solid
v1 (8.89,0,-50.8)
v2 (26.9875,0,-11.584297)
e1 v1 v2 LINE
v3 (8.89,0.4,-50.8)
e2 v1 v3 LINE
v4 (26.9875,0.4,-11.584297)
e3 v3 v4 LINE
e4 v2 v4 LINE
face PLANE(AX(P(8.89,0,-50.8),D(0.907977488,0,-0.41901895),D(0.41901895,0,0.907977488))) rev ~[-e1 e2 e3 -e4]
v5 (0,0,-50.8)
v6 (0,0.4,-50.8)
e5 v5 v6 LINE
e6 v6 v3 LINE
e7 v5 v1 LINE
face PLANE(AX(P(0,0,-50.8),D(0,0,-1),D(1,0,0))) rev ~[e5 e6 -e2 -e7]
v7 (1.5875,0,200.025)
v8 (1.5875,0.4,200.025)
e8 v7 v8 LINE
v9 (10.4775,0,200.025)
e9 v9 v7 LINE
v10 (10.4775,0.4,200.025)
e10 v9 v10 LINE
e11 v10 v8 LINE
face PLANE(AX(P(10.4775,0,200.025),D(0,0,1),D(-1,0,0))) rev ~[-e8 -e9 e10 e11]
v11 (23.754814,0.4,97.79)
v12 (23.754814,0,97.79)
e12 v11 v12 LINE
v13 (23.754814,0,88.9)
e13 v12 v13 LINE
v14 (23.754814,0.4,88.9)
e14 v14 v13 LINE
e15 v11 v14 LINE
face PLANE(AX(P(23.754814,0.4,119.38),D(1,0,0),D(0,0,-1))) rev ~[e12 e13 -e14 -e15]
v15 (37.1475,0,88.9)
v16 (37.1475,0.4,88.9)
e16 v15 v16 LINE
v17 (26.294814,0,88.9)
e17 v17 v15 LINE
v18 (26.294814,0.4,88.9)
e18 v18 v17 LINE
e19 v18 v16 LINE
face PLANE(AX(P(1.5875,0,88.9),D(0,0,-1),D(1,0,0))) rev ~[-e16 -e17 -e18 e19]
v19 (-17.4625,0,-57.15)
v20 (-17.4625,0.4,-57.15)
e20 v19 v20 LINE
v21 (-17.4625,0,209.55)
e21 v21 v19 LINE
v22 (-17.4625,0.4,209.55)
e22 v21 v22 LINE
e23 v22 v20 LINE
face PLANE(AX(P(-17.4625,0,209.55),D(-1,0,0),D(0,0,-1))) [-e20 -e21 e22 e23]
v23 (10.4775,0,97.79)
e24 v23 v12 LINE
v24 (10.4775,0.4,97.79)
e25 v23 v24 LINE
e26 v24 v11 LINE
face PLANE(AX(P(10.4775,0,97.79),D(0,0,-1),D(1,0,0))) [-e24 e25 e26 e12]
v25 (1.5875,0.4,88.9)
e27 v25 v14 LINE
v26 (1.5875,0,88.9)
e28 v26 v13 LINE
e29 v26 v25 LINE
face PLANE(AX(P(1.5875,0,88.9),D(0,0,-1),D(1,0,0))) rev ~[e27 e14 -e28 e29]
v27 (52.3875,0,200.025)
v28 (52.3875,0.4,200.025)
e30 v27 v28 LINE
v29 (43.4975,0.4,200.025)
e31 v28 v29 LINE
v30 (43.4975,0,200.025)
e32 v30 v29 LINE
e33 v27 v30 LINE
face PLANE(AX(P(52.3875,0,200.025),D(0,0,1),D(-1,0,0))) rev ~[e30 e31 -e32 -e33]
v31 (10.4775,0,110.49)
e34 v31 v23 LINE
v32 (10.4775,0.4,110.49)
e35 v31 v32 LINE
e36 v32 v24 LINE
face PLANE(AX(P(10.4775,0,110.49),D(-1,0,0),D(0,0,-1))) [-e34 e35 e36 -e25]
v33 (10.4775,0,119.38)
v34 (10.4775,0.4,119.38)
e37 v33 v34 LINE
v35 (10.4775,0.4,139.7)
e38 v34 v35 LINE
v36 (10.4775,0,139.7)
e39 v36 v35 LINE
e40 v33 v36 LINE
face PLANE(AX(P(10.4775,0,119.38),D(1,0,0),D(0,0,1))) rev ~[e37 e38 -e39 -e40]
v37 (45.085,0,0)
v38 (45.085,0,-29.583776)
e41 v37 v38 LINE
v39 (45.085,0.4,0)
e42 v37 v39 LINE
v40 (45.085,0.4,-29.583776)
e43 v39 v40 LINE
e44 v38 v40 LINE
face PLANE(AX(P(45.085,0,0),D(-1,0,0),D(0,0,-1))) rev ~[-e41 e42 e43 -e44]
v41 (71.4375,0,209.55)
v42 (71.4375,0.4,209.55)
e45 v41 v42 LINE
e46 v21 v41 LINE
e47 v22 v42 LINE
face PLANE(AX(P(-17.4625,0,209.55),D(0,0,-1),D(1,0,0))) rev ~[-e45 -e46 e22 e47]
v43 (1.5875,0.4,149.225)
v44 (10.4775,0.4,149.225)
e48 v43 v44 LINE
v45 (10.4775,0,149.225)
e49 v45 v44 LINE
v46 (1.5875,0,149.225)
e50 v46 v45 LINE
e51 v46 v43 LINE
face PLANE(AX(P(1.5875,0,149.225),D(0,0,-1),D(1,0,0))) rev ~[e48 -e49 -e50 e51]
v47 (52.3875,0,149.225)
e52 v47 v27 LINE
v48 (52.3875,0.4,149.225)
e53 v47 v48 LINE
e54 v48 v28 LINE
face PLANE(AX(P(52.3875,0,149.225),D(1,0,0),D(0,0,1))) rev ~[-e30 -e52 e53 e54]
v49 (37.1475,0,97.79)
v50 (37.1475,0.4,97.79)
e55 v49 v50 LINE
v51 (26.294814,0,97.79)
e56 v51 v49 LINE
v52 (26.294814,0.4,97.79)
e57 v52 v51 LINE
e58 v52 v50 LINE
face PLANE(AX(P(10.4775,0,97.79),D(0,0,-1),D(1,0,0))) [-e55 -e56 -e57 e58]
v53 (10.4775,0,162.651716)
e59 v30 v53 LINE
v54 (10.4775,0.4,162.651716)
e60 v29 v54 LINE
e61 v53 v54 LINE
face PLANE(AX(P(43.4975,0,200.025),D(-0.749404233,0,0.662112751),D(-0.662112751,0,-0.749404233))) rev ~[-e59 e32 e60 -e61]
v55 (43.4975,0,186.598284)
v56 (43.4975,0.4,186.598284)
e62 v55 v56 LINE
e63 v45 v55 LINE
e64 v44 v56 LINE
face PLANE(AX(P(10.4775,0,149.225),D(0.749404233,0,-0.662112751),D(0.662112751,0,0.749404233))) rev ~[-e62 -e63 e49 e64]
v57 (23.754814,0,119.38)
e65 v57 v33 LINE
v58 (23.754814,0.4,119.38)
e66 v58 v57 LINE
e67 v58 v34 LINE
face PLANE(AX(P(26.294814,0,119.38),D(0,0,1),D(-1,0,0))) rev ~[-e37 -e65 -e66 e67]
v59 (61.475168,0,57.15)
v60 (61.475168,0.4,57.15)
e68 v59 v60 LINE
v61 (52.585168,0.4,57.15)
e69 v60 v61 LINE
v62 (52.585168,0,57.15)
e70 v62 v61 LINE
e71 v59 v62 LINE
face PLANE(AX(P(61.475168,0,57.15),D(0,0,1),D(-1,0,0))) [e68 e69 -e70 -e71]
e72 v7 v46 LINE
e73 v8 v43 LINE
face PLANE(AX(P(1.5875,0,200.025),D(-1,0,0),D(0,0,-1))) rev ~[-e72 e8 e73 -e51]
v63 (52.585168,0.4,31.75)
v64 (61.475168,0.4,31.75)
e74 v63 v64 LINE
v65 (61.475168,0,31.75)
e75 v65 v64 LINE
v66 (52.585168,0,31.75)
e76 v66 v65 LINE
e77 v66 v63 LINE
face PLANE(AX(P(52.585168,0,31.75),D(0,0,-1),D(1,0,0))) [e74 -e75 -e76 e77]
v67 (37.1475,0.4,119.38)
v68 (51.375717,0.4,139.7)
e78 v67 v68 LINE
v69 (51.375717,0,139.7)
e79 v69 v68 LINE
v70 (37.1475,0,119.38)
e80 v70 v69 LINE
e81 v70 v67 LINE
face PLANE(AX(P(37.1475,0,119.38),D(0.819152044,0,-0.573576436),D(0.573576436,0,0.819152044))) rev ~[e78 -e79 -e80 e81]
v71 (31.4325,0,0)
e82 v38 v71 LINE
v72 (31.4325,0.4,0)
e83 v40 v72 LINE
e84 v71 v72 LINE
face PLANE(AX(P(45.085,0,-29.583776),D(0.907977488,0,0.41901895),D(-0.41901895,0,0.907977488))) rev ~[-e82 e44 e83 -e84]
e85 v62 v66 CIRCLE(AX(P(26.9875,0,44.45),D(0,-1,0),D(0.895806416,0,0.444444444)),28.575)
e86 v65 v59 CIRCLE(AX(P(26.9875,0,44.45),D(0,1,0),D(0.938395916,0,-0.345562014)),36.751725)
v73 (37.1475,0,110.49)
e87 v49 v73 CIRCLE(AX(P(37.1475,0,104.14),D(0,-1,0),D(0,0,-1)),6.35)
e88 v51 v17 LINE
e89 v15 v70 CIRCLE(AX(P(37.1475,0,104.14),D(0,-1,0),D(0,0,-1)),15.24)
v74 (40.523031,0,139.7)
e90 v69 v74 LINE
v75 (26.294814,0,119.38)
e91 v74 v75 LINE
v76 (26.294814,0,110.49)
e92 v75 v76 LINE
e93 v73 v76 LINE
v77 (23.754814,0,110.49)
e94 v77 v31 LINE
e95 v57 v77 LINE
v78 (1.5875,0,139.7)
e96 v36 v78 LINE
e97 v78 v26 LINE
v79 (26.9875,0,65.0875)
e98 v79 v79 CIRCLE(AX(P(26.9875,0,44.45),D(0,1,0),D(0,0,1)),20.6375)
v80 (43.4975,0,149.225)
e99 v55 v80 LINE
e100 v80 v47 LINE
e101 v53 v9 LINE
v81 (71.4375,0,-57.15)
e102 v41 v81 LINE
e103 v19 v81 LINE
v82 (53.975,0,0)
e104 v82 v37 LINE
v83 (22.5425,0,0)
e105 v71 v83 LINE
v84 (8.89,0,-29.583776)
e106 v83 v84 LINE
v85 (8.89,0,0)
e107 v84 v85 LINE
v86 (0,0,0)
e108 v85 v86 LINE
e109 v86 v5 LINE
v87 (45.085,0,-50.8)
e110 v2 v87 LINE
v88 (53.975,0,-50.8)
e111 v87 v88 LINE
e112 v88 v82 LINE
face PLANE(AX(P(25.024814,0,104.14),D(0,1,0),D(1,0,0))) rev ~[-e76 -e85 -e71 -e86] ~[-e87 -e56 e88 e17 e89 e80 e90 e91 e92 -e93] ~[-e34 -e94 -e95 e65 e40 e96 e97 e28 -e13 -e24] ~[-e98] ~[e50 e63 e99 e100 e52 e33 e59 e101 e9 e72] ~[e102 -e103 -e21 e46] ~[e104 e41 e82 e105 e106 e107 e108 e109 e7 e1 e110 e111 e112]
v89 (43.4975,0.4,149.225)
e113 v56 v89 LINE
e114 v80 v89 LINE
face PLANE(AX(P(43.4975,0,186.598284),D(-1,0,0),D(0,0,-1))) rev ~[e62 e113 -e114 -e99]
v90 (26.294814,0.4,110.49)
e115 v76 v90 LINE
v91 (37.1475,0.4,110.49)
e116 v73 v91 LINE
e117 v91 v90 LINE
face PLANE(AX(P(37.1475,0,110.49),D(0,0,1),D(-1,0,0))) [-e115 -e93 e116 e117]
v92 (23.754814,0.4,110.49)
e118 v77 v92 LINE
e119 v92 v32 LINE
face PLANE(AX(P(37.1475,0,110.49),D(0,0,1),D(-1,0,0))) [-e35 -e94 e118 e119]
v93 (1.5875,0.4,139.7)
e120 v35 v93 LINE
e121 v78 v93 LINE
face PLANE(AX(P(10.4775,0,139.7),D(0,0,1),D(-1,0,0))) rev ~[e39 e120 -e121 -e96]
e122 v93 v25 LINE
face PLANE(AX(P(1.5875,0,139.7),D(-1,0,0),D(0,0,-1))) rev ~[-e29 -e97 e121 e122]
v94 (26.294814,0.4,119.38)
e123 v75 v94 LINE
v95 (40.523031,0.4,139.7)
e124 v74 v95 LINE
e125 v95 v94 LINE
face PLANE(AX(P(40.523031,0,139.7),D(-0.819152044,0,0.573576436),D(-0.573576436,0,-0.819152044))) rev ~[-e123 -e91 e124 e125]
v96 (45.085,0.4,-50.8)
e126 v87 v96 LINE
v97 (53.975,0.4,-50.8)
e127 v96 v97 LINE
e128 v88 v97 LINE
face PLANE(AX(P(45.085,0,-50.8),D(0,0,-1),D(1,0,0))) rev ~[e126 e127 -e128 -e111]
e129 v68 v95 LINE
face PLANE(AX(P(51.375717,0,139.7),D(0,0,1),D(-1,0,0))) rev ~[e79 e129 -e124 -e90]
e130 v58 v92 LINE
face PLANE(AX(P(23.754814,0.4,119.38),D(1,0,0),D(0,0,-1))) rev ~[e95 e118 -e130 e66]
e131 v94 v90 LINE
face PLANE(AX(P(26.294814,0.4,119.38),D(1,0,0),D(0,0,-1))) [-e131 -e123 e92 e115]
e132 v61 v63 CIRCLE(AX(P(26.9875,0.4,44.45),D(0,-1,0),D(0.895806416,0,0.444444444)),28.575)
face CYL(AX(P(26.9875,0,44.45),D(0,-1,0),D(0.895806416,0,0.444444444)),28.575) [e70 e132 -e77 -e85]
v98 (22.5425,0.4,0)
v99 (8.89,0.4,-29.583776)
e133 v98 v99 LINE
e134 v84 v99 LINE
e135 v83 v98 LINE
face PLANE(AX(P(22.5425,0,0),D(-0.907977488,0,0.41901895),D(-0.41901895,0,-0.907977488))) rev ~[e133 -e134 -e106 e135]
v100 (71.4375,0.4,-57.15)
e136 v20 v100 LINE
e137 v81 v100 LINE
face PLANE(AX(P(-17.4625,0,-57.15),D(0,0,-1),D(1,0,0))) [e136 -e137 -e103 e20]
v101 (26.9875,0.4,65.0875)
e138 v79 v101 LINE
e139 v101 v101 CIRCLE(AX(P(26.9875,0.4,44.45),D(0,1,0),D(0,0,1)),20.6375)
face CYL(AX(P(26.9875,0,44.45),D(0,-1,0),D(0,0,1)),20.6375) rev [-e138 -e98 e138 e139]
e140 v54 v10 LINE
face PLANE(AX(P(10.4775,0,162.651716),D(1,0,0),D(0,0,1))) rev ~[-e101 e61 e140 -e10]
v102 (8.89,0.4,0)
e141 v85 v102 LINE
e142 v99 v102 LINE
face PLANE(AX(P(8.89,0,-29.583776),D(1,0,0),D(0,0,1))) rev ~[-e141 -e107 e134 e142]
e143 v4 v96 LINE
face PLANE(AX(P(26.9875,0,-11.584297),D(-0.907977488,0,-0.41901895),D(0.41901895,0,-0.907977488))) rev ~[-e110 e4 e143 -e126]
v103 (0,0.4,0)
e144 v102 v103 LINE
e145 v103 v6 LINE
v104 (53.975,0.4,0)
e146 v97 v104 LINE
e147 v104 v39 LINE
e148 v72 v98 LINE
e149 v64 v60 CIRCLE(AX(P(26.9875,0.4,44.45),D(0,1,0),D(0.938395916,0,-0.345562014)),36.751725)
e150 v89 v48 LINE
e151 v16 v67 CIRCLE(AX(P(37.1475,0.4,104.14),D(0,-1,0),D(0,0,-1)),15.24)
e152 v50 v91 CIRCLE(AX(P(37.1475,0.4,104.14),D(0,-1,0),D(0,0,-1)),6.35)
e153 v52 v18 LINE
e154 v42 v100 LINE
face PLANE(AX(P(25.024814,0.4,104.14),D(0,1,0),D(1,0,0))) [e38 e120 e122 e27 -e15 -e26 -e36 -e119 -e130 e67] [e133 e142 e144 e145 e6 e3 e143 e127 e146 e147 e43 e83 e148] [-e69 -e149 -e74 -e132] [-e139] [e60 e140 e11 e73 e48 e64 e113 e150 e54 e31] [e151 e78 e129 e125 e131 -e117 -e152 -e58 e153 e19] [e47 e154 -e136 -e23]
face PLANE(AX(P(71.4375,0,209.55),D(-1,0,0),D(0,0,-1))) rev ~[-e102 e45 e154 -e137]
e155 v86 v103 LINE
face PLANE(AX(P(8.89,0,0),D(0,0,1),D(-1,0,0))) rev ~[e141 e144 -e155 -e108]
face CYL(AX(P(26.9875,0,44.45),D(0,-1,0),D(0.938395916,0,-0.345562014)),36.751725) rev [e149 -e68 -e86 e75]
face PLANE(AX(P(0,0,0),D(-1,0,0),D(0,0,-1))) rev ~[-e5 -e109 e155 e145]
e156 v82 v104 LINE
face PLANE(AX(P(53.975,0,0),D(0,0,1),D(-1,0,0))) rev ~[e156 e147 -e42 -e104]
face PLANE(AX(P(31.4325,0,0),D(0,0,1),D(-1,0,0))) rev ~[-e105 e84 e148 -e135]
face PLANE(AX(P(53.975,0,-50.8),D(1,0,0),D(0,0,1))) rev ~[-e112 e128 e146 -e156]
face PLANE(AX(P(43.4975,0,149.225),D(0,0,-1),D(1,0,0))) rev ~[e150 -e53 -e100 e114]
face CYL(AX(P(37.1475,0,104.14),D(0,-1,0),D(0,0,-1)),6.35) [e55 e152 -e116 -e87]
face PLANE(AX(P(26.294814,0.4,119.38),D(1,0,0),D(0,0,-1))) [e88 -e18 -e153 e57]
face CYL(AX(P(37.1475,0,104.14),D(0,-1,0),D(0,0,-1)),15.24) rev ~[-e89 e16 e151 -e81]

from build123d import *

# Parameters (mm, degrees)
SKETCH1_W             = 88.9
SKETCH1_H             = 266.7
SKETCH1_R             = 20.6375
BOSS_EXTRUDE1_DEPTH   = 0.4
BOSS_EXTRUDE1_2_DEPTH = 0.4
SKETCH2_W             = 2.54
SKETCH2_H             = 30.48
BOSS_EXTRUDE2_DEPTH   = 0.4


with BuildPart() as part:
    # Sketch1 → Boss-Extrude1 (new body)
    with BuildSketch(Plane(origin=(0, 0, 0), x_dir=(1, 0, 0), z_dir=(0, 1, 0))):
        with Locations((26.9875, -76.2)):
            Rectangle(SKETCH1_W, SKETCH1_H)
        with Locations(Location((26.9875, -44.45, 0), (0, 0, 270))):
            Circle(SKETCH1_R, mode=Mode.SUBTRACT)
        Polygon((10.4775, -162.651716191), (10.4775, -200.025), (1.5875, -200.025), (1.5875, -149.225), (10.4775, -149.225), (43.4975, -186.598283809), (43.4975, -149.225), (52.3875, -149.225), (52.3875, -200.025), (43.4975, -200.025), align=None, mode=Mode.SUBTRACT)
        Polygon((31.4325, 0), (22.5425, 0), (8.89, 29.583775771), (8.89, 0), (0, 0), (0, 50.8), (8.89, 50.8), (26.9875, 11.584297234), (45.085, 50.8), (53.975, 50.8), (53.975, 0), (45.085, 0), (45.085, 29.583775771), align=None, mode=Mode.SUBTRACT)
        with BuildLine():
            ThreePointArc((61.475168351, -31.75), (-9.764224698, -44.45), (61.475168351, -57.15))
            Line((61.475168351, -57.15), (52.585168351, -57.15))
            ThreePointArc((52.585168351, -57.15), (-1.5875, -44.45), (52.585168351, -31.75))
            Line((52.585168351, -31.75), (61.475168351, -31.75))
        make_face(mode=Mode.SUBTRACT)
        with BuildLine():
            Line((1.5875, -88.9), (37.1475, -88.9))
            ThreePointArc((37.1475, -88.9), (52.3875, -104.14), (37.1475, -119.38))
            Line((37.1475, -119.38), (51.375717176, -139.7))
            Line((51.375717176, -139.7), (40.523031082, -139.7))
            Line((40.523031082, -139.7), (26.294813906, -119.38))
            Line((26.294813906, -119.38), (10.4775, -119.38))
            Line((10.4775, -119.38), (10.4775, -139.7))
            Line((10.4775, -139.7), (1.5875, -139.7))
            Line((1.5875, -139.7), (1.5875, -88.9))
        make_face(mode=Mode.SUBTRACT)
    extrude(amount=BOSS_EXTRUDE1_DEPTH)



with BuildPart() as body_2:
    # Sketch1 → Boss-Extrude1 2 (new body)
    with BuildSketch(Plane(origin=(0, 0, 0), x_dir=(1, 0, 0), z_dir=(0, 1, 0))):
        with BuildLine():
            ThreePointArc((37.1475, -97.79), (43.4975, -104.14), (37.1475, -110.49))
            Line((37.1475, -110.49), (10.4775, -110.49))
            Line((10.4775, -110.49), (10.4775, -97.79))
            Line((10.4775, -97.79), (37.1475, -97.79))
        make_face()
    extrude(amount=BOSS_EXTRUDE1_2_DEPTH)


with BuildPart() as part_1:
    add(part.part)

    add(body_2.part)  # Boss-Extrude2 merges body 2
    # Sketch2 → Boss-Extrude2 (add)
    with BuildSketch(Plane(origin=(0, 0.4, 0), x_dir=(1, 0, 0), z_dir=(0, 1, 0))):
        with Locations((25.024813906, -104.14)):
            Rectangle(SKETCH2_W, SKETCH2_H)
    extrude(amount=-BOSS_EXTRUDE2_DEPTH)


solid = part_1.part
